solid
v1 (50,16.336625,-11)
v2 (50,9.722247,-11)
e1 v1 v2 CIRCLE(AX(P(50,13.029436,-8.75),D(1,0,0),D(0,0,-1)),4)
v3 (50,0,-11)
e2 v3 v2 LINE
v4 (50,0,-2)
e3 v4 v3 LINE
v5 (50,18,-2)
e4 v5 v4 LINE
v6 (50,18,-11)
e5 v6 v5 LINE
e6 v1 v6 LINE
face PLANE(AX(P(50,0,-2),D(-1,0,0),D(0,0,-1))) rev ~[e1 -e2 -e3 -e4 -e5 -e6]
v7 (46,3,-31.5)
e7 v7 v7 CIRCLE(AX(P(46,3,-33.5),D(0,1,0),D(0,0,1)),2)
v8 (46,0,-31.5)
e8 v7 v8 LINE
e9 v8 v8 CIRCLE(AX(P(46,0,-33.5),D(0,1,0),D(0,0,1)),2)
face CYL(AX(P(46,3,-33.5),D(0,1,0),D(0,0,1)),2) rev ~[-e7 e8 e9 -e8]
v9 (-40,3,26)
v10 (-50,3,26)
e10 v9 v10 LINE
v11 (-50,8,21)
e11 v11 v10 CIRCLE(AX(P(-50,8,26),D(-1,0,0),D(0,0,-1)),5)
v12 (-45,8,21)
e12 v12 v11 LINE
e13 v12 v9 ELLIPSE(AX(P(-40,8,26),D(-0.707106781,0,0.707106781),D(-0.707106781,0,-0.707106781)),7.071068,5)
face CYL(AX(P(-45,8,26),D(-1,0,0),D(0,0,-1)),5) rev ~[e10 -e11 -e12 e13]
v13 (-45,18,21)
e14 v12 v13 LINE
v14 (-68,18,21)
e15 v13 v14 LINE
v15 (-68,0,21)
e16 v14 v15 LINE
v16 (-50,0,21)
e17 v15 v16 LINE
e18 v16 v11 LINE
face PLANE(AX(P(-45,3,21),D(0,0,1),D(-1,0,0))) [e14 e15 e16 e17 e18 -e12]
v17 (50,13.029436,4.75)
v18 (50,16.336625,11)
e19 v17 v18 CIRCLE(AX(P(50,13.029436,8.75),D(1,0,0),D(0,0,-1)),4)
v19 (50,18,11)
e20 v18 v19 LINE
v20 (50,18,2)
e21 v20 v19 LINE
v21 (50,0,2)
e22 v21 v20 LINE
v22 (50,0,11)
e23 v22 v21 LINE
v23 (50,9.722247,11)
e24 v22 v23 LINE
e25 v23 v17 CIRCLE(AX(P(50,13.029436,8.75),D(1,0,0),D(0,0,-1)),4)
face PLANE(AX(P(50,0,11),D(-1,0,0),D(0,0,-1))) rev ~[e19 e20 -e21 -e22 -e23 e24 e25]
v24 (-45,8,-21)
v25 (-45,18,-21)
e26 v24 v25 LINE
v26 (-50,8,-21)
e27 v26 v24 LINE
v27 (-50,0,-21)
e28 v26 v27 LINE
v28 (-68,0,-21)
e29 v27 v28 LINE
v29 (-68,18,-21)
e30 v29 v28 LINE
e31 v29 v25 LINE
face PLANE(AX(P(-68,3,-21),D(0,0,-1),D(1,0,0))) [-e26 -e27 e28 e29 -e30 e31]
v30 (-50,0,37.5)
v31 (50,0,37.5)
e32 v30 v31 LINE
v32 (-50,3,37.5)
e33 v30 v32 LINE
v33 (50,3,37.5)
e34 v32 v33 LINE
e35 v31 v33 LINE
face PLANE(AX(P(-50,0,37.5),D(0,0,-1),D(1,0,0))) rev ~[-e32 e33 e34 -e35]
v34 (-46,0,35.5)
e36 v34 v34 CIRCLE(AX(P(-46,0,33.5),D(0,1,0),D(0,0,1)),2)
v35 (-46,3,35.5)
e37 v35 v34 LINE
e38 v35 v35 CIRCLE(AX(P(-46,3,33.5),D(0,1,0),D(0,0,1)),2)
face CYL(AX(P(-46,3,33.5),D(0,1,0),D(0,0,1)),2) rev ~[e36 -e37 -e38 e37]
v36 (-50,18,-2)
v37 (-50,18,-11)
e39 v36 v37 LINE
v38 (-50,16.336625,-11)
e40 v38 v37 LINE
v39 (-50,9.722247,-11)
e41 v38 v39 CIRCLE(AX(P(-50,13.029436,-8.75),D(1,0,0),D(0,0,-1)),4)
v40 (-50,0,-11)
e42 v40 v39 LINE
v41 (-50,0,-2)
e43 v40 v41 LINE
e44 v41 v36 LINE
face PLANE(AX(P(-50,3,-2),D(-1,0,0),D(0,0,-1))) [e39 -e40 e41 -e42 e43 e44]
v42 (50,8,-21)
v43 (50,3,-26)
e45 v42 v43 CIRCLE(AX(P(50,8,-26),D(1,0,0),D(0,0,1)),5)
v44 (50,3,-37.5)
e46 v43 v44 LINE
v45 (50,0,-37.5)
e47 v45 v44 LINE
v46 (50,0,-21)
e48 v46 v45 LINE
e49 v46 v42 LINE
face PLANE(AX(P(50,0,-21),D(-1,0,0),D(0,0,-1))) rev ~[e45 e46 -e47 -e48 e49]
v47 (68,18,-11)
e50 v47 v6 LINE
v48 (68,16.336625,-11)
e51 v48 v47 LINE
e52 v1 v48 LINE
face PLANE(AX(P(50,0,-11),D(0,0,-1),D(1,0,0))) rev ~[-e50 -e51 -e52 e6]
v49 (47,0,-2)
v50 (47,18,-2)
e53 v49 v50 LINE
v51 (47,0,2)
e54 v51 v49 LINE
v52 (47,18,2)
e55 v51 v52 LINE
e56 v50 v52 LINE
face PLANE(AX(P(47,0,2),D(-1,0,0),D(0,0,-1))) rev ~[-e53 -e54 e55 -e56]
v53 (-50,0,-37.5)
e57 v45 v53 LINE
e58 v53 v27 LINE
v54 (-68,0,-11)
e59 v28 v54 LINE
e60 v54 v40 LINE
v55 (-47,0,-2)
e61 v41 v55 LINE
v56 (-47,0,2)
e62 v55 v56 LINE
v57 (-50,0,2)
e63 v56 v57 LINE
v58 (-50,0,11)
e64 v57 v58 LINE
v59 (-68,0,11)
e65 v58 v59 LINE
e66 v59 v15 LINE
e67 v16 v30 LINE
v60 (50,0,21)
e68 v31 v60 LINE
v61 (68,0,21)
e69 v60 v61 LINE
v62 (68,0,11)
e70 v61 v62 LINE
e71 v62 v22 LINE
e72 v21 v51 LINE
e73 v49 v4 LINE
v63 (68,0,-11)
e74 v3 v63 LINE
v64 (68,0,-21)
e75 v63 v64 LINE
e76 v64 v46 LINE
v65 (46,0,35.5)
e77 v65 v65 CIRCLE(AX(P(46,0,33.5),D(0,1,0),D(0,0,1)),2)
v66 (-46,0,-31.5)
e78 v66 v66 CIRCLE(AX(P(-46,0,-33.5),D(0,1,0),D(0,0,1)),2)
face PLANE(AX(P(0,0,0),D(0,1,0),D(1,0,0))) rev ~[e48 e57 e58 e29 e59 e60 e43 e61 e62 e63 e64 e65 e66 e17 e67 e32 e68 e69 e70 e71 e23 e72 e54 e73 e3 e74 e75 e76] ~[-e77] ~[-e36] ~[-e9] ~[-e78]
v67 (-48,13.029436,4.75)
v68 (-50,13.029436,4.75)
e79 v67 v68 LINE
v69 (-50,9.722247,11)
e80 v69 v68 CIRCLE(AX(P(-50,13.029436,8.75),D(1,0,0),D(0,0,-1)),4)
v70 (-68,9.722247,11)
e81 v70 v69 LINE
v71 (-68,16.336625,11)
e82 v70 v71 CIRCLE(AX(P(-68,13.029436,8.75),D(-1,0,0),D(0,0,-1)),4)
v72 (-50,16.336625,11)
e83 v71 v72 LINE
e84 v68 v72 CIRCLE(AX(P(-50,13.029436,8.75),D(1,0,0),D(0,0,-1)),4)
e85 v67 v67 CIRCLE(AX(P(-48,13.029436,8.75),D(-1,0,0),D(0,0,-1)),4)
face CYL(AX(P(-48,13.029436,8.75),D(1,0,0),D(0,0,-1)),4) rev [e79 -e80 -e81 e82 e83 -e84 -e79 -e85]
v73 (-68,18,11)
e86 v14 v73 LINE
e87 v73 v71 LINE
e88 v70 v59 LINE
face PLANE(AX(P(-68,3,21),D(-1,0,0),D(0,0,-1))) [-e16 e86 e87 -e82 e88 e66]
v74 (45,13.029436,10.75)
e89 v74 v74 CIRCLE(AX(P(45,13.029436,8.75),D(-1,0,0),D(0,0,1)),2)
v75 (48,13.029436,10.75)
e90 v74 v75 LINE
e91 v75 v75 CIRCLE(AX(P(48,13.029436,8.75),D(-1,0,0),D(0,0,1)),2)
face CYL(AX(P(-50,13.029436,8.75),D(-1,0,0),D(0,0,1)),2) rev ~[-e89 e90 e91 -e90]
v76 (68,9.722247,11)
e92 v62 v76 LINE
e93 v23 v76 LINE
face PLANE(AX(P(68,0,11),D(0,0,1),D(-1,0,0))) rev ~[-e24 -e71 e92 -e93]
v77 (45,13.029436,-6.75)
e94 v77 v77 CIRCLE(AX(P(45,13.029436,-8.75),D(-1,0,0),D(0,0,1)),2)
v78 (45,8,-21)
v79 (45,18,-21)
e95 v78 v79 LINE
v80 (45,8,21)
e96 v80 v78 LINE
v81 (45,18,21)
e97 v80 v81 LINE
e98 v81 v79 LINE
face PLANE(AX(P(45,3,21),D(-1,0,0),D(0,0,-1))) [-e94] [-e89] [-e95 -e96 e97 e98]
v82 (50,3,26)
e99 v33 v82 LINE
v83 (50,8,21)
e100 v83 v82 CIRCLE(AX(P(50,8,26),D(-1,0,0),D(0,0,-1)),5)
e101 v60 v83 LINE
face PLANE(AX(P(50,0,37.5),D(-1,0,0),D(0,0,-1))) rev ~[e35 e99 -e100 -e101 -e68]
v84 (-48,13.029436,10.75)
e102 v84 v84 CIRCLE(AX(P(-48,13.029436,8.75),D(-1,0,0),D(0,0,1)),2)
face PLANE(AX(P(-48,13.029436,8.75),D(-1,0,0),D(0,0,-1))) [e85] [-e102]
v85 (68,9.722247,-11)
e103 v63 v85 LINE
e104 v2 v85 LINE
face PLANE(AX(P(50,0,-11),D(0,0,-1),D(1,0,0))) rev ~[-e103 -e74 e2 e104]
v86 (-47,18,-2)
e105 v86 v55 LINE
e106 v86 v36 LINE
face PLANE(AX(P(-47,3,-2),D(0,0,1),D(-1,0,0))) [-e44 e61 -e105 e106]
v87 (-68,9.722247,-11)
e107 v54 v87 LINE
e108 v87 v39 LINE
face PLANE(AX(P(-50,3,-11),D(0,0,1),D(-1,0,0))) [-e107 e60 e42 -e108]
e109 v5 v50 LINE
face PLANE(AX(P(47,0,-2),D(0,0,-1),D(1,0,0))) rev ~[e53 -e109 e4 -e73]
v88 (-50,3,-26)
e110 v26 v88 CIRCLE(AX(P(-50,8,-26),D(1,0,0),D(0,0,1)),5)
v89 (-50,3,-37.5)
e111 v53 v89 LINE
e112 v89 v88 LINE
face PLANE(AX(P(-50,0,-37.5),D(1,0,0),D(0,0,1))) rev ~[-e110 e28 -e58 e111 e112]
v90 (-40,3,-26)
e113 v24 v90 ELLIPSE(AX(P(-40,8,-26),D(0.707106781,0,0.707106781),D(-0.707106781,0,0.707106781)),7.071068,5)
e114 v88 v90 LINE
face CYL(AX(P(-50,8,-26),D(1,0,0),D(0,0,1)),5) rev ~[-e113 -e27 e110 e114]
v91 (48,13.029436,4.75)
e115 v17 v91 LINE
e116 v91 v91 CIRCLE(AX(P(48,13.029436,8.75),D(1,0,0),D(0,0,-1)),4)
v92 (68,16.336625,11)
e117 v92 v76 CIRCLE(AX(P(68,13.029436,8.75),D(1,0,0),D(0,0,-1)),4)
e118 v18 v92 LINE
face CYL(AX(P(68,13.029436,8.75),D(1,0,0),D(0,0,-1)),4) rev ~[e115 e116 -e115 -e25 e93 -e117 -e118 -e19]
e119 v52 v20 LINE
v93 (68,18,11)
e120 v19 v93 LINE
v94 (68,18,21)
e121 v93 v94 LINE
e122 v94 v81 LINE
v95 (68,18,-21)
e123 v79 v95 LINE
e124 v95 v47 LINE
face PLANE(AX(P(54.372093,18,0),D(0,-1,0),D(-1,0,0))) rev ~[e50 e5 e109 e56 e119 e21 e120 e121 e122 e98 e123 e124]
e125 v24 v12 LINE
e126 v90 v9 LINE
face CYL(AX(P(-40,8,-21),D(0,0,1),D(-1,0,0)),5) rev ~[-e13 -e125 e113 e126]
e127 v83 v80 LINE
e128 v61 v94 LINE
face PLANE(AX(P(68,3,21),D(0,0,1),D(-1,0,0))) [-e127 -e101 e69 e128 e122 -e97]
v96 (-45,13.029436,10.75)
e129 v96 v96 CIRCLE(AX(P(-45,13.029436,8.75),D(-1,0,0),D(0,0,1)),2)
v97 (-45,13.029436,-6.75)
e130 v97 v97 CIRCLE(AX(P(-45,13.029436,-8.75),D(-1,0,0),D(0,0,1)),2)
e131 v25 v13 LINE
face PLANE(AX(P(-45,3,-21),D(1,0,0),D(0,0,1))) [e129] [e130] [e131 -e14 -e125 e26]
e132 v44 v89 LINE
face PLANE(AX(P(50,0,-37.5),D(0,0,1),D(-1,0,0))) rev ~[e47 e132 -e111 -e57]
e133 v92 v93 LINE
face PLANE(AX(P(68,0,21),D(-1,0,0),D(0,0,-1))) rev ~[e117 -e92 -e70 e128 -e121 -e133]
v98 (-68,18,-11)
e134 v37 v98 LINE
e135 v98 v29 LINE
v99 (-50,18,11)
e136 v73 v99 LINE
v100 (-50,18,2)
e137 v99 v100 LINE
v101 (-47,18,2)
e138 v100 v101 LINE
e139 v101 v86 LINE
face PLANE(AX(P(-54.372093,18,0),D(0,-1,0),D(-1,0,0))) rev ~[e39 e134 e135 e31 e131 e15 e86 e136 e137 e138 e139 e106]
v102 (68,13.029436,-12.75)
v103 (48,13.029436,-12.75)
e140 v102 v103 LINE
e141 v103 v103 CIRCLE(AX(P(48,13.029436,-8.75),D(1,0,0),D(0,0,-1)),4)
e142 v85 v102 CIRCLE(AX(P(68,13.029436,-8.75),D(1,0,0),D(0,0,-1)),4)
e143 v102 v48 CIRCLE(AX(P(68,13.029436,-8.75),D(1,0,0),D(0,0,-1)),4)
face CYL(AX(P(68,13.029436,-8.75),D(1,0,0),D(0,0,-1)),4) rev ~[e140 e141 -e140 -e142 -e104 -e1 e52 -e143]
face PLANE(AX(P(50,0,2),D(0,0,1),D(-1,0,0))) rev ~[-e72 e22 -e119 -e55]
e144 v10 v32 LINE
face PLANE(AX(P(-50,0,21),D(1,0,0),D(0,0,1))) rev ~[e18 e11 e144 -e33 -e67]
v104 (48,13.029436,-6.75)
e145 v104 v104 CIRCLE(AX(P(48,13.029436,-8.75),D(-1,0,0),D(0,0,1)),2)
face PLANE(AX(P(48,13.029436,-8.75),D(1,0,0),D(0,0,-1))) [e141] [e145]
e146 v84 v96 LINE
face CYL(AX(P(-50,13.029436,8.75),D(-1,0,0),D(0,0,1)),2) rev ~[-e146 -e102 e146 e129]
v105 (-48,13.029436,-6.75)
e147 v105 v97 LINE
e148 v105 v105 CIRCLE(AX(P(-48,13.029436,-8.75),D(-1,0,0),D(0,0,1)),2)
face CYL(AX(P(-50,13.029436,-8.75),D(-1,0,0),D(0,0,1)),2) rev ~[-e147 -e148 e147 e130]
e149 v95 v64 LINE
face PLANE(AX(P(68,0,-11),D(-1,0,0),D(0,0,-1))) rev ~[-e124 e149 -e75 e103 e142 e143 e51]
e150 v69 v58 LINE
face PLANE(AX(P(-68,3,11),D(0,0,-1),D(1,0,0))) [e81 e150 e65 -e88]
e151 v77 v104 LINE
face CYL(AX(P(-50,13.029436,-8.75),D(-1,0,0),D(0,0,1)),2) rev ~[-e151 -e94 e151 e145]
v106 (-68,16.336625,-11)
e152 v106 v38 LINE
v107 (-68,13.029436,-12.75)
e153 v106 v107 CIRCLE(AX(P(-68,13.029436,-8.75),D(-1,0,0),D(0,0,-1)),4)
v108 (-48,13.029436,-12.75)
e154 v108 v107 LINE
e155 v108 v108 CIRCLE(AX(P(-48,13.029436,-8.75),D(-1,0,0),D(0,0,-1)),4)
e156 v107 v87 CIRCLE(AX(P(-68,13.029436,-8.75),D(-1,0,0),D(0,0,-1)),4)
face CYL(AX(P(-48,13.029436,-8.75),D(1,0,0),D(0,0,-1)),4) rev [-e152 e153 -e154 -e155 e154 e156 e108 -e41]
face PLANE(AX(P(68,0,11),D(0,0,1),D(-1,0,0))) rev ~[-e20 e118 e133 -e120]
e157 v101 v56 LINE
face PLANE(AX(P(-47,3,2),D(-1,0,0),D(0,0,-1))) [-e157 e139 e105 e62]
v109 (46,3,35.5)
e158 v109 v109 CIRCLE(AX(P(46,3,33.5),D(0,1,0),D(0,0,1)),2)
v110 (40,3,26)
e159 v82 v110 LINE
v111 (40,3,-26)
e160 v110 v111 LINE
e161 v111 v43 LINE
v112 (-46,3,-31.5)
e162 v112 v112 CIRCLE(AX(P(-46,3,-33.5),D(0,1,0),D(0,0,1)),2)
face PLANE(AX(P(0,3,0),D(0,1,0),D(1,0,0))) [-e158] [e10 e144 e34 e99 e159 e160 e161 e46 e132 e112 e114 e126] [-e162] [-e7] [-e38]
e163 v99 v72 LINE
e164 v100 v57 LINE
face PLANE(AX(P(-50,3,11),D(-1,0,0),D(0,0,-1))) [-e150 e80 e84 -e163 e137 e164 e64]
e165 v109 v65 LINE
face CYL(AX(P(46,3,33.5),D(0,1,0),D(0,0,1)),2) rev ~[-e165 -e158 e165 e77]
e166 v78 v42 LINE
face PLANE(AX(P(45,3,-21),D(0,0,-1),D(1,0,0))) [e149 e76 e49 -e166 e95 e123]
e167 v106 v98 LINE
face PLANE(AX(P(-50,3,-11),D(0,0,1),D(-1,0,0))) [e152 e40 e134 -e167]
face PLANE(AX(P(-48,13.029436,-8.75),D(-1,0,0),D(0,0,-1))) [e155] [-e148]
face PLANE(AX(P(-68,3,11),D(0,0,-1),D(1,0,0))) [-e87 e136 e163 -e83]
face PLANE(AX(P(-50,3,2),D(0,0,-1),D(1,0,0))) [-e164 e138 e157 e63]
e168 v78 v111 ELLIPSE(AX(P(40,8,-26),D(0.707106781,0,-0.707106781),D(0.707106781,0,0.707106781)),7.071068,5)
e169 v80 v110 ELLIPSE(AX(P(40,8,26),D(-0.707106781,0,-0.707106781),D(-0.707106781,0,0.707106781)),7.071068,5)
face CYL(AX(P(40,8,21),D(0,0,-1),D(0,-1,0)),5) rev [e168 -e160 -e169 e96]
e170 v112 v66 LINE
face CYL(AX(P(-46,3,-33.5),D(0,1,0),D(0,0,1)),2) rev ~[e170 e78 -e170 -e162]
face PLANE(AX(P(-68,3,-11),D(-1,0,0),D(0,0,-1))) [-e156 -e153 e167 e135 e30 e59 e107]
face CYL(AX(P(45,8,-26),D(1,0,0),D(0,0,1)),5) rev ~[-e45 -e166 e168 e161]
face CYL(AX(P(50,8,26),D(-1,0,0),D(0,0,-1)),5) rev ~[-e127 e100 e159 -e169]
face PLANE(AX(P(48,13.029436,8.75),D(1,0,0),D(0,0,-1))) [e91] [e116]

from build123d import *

# Parameters (mm, degrees)
BOSS_EXTRUDE1_DEPTH = 3
BOSS_EXTRUDE2_DEPTH = 15
SKETCH3_R           = 2
CUT_EXTRUDE1_DEPTH  = 126.116945295
SKETCH5_R           = 4
CUT_EXTRUDE3_DEPTH  = 20
CUT_EXTRUDE4_START  = -20
SKETCH6_R           = 4
CUT_EXTRUDE4_DEPTH  = 20
FILLET1_R           = 5
SKETCH7_R           = 2
CUT_EXTRUDE5_DEPTH  = 20


with BuildPart() as part:
    # Sketch1 → Boss-Extrude1 (new body)
    with BuildSketch(Plane(origin=(0, 0, 0), x_dir=(1, 0, 0), z_dir=(0, 1, 0))):
        Polygon((50, 2), (50, 11), (68, 11), (68, 21), (50, 21), (50, 37.5), (-50, 37.5), (-50, 21), (-68, 21), (-68, 11), (-50, 11), (-50, 2), (-47, 2), (-47, -2), (-50, -2), (-50, -11), (-68, -11), (-68, -21), (-50, -21), (-50, -37.5), (50, -37.5), (50, -21), (68, -21), (68, -11), (50, -11), (50, -2), (47, -2), (47, 2), align=None)
    extrude(amount=BOSS_EXTRUDE1_DEPTH)

    # Sketch2 → Boss-Extrude2 (add)
    with BuildSketch(Plane(origin=(0, 3, 0), x_dir=(1, 0, 0), z_dir=(0, 1, 0))):
        Polygon((-68, 11), (-68, 21), (-45, 21), (-45, -21), (-68, -21), (-68, -11), (-50, -11), (-50, -2), (-47, -2), (-47, 2), (-50, 2), (-50, 11), align=None)
        Polygon((45, -21), (45, 21), (68, 21), (68, 11), (50, 11), (50, 2), (47, 2), (47, -2), (50, -2), (50, -11), (68, -11), (68, -21), align=None)
    extrude(amount=BOSS_EXTRUDE2_DEPTH)

    # Sketch3 → Cut-Extrude1 (cut, through all)
    with BuildSketch(Plane.ZY.offset(50)):
        with Locations((-8.75, 13.029436278)):
            Circle(SKETCH3_R)
        with Locations((8.75, 13.029436278)):
            Circle(SKETCH3_R)
    extrude(amount=-CUT_EXTRUDE1_DEPTH, mode=Mode.SUBTRACT)

    # Sketch5 → Cut-Extrude3 (cut)
    with BuildSketch(Plane(origin=(68, 0, 0), x_dir=(0, 0, -1), z_dir=(1, 0, 0))):
        with Locations((-8.75, 13.029436278)):
            Circle(SKETCH5_R)
        with Locations((8.75, 13.029436278)):
            Circle(SKETCH5_R)
    extrude(amount=-CUT_EXTRUDE3_DEPTH, mode=Mode.SUBTRACT)

    # Sketch6 → Cut-Extrude4 (cut)
    with BuildSketch(Plane.ZY.offset(68).offset(CUT_EXTRUDE4_START)):
        with Locations(Location((8.75, 13.029436278, 0), (0, 0, 180))):
            Circle(SKETCH6_R)
        with Locations(Location((-8.75, 13.029436278, 0), (0, 0, 180))):
            Circle(SKETCH6_R)
    extrude(amount=CUT_EXTRUDE4_DEPTH, mode=Mode.SUBTRACT)

    # Fillet1
    fillet1_edges = [part.edges().sort_by_distance(p)[0] for p in [
        (47.5, 3, 21),
        (47.5, 3, -21),
        (45, 3, 0),
        (-47.5, 3, 21),
        (-45, 3, 0),
        (-47.5, 3, -21),
    ]]
    fillet(fillet1_edges, radius=FILLET1_R)

    # Sketch7 → Cut-Extrude5 (cut)
    with BuildSketch(Plane(origin=(0, 3, 0), x_dir=(1, 0, 0), z_dir=(0, 1, 0))):
        with Locations(Location((46, 33.5, 0), (0, 0, 270))):
            Circle(SKETCH7_R)
        with Locations(Location((-46, 33.5, 0), (0, 0, 270))):
            Circle(SKETCH7_R)
        with Locations(Location((46, -33.5, 0), (0, 0, 270))):
            Circle(SKETCH7_R)
        with Locations(Location((-46, -33.5, 0), (0, 0, 270))):
            Circle(SKETCH7_R)
    extrude(amount=-CUT_EXTRUDE5_DEPTH, mode=Mode.SUBTRACT)


solid = part.part
